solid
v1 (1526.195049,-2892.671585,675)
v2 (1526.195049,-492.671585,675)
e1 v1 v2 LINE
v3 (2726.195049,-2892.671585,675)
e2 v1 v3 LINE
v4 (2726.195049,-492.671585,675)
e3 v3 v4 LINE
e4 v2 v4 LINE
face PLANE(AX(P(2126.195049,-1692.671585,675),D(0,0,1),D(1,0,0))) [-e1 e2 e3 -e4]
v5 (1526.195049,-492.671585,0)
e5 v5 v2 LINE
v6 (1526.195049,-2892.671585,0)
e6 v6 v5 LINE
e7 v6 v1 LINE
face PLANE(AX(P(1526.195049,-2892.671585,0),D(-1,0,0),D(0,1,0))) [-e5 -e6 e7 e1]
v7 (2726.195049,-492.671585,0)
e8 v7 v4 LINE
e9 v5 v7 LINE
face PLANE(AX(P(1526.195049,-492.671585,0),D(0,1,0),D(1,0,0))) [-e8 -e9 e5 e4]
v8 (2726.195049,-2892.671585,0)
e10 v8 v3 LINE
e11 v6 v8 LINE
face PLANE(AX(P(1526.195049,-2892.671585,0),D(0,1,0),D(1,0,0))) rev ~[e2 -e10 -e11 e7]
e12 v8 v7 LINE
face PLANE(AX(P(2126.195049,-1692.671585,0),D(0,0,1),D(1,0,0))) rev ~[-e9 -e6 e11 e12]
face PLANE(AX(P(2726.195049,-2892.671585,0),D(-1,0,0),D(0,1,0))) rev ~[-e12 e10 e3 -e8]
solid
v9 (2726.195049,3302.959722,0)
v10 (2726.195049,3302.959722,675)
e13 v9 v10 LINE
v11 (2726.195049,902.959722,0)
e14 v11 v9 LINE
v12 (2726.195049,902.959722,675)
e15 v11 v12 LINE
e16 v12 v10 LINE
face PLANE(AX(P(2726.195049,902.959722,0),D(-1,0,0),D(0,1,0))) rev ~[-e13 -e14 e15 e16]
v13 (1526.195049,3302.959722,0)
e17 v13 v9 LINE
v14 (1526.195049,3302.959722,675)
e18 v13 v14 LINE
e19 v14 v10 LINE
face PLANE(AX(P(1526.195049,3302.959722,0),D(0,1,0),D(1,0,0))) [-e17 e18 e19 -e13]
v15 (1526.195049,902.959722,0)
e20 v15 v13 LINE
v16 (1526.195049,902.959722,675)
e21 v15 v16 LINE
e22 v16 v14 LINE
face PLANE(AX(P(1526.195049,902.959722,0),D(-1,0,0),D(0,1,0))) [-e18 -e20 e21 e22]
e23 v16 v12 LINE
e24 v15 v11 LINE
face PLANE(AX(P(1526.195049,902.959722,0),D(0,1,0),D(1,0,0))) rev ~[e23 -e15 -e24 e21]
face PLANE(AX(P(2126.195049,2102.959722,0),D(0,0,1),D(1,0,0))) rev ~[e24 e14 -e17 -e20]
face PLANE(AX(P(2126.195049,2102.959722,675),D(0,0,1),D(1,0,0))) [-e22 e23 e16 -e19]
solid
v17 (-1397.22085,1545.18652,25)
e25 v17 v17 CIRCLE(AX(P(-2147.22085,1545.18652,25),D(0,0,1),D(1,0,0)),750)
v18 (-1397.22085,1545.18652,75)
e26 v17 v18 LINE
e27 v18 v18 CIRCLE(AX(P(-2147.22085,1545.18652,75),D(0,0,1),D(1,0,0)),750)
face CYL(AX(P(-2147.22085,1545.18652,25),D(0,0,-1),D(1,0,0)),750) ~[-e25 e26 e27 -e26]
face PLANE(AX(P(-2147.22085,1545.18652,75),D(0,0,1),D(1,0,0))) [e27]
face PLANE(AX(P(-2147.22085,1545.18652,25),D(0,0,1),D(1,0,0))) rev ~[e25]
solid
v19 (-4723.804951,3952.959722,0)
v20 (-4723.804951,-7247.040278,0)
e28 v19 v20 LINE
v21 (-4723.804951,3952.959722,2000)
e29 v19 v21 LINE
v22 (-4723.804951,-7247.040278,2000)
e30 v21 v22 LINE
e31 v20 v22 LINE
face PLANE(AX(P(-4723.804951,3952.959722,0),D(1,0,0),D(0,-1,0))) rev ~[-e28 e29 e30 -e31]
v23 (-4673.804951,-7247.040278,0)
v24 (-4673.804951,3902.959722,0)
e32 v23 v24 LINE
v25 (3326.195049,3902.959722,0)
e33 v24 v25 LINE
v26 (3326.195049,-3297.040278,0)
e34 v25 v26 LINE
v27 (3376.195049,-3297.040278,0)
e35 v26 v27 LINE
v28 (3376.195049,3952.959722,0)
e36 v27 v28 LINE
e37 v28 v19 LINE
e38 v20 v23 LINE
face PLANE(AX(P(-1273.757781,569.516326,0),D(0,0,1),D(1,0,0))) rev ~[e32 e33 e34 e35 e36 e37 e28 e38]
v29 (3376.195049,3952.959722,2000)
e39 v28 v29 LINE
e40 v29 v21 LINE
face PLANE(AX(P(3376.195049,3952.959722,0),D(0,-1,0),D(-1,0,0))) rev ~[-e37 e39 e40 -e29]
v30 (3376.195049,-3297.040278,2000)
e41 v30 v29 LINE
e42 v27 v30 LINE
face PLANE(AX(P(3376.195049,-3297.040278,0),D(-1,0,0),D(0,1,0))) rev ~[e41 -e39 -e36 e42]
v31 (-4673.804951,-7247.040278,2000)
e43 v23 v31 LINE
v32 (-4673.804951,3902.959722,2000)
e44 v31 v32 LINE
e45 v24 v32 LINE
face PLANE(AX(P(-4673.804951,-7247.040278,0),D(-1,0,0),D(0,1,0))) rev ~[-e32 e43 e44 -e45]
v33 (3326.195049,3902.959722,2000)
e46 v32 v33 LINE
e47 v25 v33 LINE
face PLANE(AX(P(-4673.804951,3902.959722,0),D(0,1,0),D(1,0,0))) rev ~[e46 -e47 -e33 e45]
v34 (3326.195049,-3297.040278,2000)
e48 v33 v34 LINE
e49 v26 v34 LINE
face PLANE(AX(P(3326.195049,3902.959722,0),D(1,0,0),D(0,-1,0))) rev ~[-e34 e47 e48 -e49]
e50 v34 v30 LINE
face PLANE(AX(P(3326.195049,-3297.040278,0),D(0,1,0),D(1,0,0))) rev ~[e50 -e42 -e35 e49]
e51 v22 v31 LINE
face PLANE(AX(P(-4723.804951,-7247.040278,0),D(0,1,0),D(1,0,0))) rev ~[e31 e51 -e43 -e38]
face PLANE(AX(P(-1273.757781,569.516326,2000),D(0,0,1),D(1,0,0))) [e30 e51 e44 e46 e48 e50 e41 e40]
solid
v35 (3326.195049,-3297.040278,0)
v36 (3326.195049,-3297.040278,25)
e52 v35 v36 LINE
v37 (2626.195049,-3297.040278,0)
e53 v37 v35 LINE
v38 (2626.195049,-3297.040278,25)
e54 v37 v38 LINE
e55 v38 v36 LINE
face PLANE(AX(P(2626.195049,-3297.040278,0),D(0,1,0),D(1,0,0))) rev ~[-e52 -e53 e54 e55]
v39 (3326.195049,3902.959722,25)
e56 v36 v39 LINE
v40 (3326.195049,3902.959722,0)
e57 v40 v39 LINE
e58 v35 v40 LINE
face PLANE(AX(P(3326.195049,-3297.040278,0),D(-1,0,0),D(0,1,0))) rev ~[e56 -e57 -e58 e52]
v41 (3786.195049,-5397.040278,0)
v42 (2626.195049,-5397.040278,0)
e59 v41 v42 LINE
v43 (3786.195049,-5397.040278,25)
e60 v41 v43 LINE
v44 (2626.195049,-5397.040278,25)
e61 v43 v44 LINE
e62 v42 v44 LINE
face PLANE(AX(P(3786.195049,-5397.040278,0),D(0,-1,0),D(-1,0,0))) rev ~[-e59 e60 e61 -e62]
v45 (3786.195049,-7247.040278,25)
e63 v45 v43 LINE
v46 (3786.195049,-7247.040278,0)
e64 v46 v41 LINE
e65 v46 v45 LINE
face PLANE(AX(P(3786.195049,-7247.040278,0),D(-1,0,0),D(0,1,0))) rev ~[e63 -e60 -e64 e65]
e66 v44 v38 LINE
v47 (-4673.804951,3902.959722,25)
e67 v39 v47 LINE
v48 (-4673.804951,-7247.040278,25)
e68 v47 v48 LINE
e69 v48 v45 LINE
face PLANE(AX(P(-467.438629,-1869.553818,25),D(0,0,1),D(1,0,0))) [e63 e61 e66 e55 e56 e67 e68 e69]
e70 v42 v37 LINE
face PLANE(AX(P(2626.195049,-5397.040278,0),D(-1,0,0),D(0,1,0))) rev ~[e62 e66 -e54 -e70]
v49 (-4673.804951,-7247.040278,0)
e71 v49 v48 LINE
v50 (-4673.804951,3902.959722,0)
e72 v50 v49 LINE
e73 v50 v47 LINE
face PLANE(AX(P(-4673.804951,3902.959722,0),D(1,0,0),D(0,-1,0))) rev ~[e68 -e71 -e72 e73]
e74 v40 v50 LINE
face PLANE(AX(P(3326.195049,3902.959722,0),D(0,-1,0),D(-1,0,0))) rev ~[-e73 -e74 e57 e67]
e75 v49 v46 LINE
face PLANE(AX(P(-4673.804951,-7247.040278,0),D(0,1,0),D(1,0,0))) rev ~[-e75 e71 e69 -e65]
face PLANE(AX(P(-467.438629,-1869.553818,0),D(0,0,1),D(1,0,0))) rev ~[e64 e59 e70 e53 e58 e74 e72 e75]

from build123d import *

# Parameters (mm, degrees)
F0_W     = 1200
F0_H     = 2400
F1_DEPTH = 25
F2_DEPTH = 675
F3_DEPTH = 2000
F4_R     = 750
F5_DEPTH = 50


with BuildPart() as f1:
    # F0 (on Top) → F1 (new body)
    with BuildSketch(Plane.XY):
        Polygon((-4673.8049507141, -7247.0402780964), (3786.1950492859, -7247.0402780964), (3786.1950492859, -5397.0402780964), (2626.1950492859, -5397.0402780964), (2626.1950492859, -3297.0402780964), (3326.1950492859, -3297.0402780964), (3326.1950492859, 3902.9597219036), (-4673.8049507141, 3902.9597219036), align=None)
        with Locations((2126.1950492859, -1692.671585083)):
            Rectangle(F0_W, F0_H, mode=Mode.SUBTRACT)
        with Locations((2126.1950492859, 2102.9597219036)):
            Rectangle(F0_W, F0_H, mode=Mode.SUBTRACT)
        with Locations((2126.1950492859, -1692.671585083)):
            Rectangle(F0_W, F0_H)
        with Locations((2126.1950492859, 2102.9597219036)):
            Rectangle(F0_W, F0_H)
    extrude(amount=F1_DEPTH)


with BuildPart() as f2:
    # F0 (on Top) → F2 (new body)
    with BuildSketch(Plane.XY):
        with Locations((2126.1950492859, 2102.9597219036)):
            Rectangle(F0_W, F0_H)
    extrude(amount=F2_DEPTH)


with BuildPart() as f2b:
    # F0 (on Top) → F2, piece 2 (new body)
    with BuildSketch(Plane.XY):
        with Locations((2126.1950492859, -1692.671585083)):
            Rectangle(F0_W, F0_H)
    extrude(amount=F2_DEPTH)


with BuildPart() as f3:
    # F0 (on Top) → F3 (new body)
    with BuildSketch(Plane.XY):
        Polygon((-4723.8049507141, -7247.0402780964), (-4673.8049507141, -7247.0402780964), (-4673.8049507141, 3902.9597219036), (3326.1950492859, 3902.9597219036), (3326.1950492859, -3297.0402780964), (3376.1950492859, -3297.0402780964), (3376.1950492859, 3952.9597219036), (-4723.8049507141, 3952.9597219036), align=None)
    extrude(amount=F3_DEPTH)


with BuildPart() as f5:
    # F4 (on face) → F5 (new body)
    with BuildSketch(Plane.XY.offset(25)):
        with Locations((-2147.2208499908, 1545.1865196228)):
            Circle(F4_R)
    extrude(amount=F5_DEPTH)


solid = Compound([f1.part, f2.part, f2b.part, f3.part, f5.part])
